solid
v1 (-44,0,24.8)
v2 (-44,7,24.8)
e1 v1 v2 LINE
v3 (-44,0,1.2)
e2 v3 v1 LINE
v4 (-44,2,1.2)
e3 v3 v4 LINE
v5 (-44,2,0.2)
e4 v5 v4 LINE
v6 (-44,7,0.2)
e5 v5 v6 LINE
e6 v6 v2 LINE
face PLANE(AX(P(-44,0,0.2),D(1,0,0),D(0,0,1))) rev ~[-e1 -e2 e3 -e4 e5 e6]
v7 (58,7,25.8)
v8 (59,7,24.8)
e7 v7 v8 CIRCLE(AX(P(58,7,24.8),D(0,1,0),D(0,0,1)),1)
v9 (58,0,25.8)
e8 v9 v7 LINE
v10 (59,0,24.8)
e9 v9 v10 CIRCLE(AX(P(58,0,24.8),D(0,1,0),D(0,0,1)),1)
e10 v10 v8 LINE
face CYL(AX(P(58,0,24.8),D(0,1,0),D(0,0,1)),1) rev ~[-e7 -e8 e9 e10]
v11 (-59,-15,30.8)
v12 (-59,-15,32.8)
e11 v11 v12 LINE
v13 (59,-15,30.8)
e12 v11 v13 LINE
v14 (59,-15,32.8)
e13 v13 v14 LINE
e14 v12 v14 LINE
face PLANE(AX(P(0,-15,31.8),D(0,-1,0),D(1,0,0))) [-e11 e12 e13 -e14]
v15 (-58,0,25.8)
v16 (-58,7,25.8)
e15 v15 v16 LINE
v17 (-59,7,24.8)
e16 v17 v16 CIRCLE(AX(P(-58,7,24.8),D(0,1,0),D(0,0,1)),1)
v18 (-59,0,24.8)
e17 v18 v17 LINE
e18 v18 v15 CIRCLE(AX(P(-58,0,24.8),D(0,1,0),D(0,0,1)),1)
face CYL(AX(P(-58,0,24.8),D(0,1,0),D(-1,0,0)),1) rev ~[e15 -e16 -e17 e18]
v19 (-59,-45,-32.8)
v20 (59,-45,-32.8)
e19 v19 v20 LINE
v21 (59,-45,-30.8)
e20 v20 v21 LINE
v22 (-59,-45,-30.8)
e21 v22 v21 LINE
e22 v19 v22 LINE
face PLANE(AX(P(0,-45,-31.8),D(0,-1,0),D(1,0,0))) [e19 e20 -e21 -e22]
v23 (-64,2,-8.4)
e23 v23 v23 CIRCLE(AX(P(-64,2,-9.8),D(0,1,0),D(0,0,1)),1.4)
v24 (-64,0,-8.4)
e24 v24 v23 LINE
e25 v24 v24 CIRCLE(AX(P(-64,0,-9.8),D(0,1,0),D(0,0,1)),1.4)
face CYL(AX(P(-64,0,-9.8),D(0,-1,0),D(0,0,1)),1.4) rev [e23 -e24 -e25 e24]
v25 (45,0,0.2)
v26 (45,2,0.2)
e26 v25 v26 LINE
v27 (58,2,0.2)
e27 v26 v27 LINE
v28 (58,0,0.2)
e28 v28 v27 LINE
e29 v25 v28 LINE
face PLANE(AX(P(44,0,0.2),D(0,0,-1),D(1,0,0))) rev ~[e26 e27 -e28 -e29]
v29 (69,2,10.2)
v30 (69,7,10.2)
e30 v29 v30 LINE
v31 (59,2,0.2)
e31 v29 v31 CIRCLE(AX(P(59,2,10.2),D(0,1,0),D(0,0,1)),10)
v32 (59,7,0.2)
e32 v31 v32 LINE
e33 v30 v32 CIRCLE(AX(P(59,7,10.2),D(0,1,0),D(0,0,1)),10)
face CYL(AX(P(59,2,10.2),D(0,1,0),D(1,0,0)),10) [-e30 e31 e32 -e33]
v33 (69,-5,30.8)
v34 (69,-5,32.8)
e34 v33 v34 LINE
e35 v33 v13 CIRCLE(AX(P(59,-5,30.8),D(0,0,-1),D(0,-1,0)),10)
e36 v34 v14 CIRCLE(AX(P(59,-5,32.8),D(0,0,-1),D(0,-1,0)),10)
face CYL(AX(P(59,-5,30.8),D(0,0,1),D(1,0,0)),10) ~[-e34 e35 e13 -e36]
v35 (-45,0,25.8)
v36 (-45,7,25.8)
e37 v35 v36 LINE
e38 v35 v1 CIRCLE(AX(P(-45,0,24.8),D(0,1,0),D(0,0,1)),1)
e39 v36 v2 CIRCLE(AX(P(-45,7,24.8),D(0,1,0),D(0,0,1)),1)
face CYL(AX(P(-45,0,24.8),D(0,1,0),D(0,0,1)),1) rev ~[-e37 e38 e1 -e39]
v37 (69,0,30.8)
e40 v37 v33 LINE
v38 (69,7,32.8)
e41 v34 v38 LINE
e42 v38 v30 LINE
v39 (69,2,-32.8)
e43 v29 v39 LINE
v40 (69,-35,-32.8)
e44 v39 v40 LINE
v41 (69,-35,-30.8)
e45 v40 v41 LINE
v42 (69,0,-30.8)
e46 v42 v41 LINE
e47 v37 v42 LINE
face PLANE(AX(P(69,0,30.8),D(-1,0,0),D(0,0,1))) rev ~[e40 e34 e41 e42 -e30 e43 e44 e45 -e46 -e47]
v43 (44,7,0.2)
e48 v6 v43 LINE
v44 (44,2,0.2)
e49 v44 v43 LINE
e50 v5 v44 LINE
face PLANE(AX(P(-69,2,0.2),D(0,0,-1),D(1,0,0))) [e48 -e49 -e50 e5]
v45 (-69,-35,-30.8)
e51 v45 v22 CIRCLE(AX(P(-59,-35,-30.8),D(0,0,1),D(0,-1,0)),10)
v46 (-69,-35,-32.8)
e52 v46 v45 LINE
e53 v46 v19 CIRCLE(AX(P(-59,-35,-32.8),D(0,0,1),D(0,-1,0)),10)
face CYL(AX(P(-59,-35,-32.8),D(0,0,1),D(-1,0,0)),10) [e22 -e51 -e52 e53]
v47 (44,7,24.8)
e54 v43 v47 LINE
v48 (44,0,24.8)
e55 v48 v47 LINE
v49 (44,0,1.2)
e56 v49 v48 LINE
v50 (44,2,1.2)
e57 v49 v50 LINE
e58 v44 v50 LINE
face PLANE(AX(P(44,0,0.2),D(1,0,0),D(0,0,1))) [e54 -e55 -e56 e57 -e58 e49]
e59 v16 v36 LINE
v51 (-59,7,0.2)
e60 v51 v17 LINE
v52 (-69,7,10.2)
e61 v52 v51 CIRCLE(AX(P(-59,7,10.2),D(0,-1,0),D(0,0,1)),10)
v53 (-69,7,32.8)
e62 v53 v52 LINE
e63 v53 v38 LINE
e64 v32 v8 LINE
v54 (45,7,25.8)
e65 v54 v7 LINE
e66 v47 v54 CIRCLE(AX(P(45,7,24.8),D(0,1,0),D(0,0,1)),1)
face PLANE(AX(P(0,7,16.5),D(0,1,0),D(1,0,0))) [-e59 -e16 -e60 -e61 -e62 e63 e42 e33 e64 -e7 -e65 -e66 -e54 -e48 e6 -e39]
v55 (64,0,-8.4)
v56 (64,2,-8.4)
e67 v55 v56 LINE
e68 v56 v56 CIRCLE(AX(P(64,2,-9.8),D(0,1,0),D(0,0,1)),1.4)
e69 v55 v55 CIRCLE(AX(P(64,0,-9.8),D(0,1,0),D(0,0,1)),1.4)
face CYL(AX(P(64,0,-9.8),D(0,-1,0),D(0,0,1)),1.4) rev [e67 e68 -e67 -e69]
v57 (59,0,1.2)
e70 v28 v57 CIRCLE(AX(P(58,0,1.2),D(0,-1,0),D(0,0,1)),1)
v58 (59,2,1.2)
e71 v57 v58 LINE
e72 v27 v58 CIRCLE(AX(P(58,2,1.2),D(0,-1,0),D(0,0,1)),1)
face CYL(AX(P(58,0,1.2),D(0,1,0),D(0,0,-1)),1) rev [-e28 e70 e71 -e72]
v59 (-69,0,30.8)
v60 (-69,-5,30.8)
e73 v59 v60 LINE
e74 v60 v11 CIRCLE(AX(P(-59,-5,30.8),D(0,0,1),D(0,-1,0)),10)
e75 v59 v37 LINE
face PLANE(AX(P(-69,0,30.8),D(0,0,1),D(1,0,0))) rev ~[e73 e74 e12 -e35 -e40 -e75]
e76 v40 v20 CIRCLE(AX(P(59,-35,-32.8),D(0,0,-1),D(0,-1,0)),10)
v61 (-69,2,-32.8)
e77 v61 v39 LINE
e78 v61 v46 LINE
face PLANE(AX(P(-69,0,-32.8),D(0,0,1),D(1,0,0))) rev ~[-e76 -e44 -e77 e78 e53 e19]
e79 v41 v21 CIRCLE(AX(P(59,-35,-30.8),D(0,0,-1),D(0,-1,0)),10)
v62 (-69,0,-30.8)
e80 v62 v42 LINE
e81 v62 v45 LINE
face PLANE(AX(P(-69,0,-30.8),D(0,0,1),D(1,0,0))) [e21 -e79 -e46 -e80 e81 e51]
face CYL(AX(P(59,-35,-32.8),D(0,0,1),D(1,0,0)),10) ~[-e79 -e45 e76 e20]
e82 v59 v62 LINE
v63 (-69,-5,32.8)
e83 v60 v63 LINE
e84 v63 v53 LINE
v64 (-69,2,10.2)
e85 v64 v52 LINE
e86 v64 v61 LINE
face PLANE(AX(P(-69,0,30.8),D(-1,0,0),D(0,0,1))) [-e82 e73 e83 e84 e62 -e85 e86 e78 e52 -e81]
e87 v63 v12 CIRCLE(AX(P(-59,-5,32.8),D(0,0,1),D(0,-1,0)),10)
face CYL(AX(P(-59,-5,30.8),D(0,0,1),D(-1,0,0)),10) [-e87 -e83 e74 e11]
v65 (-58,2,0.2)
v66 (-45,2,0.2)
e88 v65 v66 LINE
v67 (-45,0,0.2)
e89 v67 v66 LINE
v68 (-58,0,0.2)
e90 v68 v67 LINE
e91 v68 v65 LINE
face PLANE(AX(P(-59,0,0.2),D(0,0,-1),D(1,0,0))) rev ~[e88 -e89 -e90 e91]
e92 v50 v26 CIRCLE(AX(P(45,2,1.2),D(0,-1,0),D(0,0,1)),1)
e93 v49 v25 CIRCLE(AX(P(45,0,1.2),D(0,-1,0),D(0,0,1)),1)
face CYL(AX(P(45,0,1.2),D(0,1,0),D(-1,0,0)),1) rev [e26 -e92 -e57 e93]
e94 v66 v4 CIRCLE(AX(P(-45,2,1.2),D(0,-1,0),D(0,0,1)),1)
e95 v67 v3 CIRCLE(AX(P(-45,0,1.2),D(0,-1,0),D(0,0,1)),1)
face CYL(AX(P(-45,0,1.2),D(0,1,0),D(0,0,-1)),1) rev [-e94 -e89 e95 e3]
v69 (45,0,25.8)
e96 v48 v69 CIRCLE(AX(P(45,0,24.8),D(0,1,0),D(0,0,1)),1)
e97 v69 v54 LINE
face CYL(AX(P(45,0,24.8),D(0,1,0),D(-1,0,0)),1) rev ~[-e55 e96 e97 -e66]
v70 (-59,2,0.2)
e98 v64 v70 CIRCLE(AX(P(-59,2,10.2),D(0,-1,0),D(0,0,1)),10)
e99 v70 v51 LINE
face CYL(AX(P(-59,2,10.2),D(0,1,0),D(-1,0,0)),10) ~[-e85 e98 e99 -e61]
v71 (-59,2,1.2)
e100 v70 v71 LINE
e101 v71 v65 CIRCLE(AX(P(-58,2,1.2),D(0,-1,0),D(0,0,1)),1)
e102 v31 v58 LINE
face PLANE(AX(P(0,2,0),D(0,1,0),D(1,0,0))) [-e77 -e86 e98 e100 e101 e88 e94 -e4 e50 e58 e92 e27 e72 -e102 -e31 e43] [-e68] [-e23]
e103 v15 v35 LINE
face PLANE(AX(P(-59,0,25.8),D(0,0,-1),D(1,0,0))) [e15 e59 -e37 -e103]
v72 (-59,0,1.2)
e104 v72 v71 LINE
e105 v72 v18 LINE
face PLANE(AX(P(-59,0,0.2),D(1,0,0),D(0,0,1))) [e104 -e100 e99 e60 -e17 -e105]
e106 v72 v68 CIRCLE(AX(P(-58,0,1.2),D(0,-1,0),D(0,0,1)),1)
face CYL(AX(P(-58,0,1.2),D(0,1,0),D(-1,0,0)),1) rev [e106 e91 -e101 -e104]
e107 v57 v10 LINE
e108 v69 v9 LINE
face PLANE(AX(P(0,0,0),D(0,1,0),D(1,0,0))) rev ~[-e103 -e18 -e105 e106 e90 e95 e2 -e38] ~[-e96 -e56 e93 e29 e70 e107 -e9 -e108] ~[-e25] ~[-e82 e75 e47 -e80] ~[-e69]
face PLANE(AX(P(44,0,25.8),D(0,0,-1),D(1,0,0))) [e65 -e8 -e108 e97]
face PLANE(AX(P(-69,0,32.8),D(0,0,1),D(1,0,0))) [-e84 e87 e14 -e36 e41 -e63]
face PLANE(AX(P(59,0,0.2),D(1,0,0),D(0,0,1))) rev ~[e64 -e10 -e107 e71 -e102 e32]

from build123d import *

# Parameters (mm, degrees)
SKETCH_1_W          = 138
SKETCH_1_H          = 65.6
SKETCH_1_R          = 1.4
EXTRUDE_1_DEPTH     = 2
SKETCH_2_W          = 138
SKETCH_2_H          = 32.6
EXTRUDE_2_DEPTH     = 5
SKETCH_3_W          = 138
SKETCH_3_H          = 2
EXTRUDE_3_DEPTH     = 45
FILLET_1_R          = 10
SKETCH_5_W          = 138
SKETCH_5_H          = 2
EXTRUDE_4_DEPTH     = 15
FILLET_2_R          = 10
CUT_EXTRUDE_1_REACH = 90.667
SKETCH_6_W          = 15
SKETCH_6_H          = 25.6
FILLET_3_R          = 1
FILLET_4_R          = 1


with BuildPart() as part:
    # 草图1 → 凸台-拉伸1 (new body)
    with BuildSketch(Plane(origin=(0, 0, 0), x_dir=(1, 0, 0), z_dir=(0, 1, 0))):
        Rectangle(SKETCH_1_W, SKETCH_1_H)
        with Locations(Location((-64, 9.8, 0), (0, 0, 270))):
            Circle(SKETCH_1_R, mode=Mode.SUBTRACT)
        with Locations(Location((64, 9.8, 0), (0, 0, 270))):
            Circle(SKETCH_1_R, mode=Mode.SUBTRACT)
    extrude(amount=EXTRUDE_1_DEPTH)

    # 草图2 → 凸台-拉伸2 (add)
    with BuildSketch(Plane(origin=(0, 2, 0), x_dir=(1, 0, 0), z_dir=(0, 1, 0))):
        with Locations((0, -16.5)):
            Rectangle(SKETCH_2_W, SKETCH_2_H)
    extrude(amount=EXTRUDE_2_DEPTH)

    # 草图3 → 凸台-拉伸3 (add)
    with BuildSketch(Plane.XZ):
        with Locations((0, -31.8)):
            Rectangle(SKETCH_3_W, SKETCH_3_H)
    extrude(amount=EXTRUDE_3_DEPTH)

    # 圆角1
    fillet_1_edges = [part.edges().sort_by_distance(p)[0] for p in [
        (-69, 4.5, 0.2),
        (69, 4.5, 0.2),
    ]]
    fillet(fillet_1_edges, radius=FILLET_1_R)

    # 草图5 → 凸台-拉伸4 (add)
    with BuildSketch(Plane.XZ):
        with Locations((0, 31.8)):
            Rectangle(SKETCH_5_W, SKETCH_5_H)
    extrude(amount=EXTRUDE_4_DEPTH)

    # 圆角2
    fillet_2_edges = [part.edges().sort_by_distance(p)[0] for p in [
        (-69, -45, -31.8),
        (69, -45, -31.8),
        (-69, -15, 31.8),
        (69, -15, 31.8),
    ]]
    fillet(fillet_2_edges, radius=FILLET_2_R)

    # 切除-拉伸1: up to this face of the body (flat: up to its plane)
    cut_extrude_1_end = Plane(part.part.faces().sort_by_distance((0, 7, 16.635491013))[0])
    # 草图6 → 切除-拉伸1 (cut, up to the picked face)
    with BuildSketch(Plane.XZ, mode=Mode.PRIVATE) as cut_extrude_1_sk1:
        with Locations((-51.5, 13)):
            Rectangle(SKETCH_6_W, SKETCH_6_H)
    cut_extrude_1_tool1 = split(extrude(cut_extrude_1_sk1.sketch, amount=-CUT_EXTRUDE_1_REACH, mode=Mode.PRIVATE), bisect_by=cut_extrude_1_end, keep=Keep.BOTH, mode=Mode.PRIVATE)
    # 草图6 → 切除-拉伸1 (cut, up to the picked face)
    with BuildSketch(Plane.XZ, mode=Mode.PRIVATE) as cut_extrude_1_sk2:
        with Locations((51.5, 13)):
            Rectangle(SKETCH_6_W, SKETCH_6_H)
    cut_extrude_1_tool2 = split(extrude(cut_extrude_1_sk2.sketch, amount=-CUT_EXTRUDE_1_REACH, mode=Mode.PRIVATE), bisect_by=cut_extrude_1_end, keep=Keep.BOTH, mode=Mode.PRIVATE)
    add(cut_extrude_1_tool1.solids().sort_by(Axis((-51.5, 0, 13), (0, 1, 0)))[0], mode=Mode.SUBTRACT)
    add(cut_extrude_1_tool2.solids().sort_by(Axis((51.5, 0, 13), (0, 1, 0)))[0], mode=Mode.SUBTRACT)

    # 圆角3
    fillet_3_edges = [part.edges().sort_by_distance(p)[0] for p in [
        (-59, 3.5, 25.8),
        (-44, 3.5, 25.8),
        (59, 3.5, 25.8),
        (44, 3.5, 25.8),
    ]]
    fillet(fillet_3_edges, radius=FILLET_3_R)

    # 圆角4
    fillet_4_edges = [part.edges().sort_by_distance(p)[0] for p in [
        (-44, 1, 0.2),
        (-59, 1, 0.2),
        (59, 1, 0.2),
        (44, 1, 0.2),
    ]]
    fillet(fillet_4_edges, radius=FILLET_4_R)


solid = part.part
